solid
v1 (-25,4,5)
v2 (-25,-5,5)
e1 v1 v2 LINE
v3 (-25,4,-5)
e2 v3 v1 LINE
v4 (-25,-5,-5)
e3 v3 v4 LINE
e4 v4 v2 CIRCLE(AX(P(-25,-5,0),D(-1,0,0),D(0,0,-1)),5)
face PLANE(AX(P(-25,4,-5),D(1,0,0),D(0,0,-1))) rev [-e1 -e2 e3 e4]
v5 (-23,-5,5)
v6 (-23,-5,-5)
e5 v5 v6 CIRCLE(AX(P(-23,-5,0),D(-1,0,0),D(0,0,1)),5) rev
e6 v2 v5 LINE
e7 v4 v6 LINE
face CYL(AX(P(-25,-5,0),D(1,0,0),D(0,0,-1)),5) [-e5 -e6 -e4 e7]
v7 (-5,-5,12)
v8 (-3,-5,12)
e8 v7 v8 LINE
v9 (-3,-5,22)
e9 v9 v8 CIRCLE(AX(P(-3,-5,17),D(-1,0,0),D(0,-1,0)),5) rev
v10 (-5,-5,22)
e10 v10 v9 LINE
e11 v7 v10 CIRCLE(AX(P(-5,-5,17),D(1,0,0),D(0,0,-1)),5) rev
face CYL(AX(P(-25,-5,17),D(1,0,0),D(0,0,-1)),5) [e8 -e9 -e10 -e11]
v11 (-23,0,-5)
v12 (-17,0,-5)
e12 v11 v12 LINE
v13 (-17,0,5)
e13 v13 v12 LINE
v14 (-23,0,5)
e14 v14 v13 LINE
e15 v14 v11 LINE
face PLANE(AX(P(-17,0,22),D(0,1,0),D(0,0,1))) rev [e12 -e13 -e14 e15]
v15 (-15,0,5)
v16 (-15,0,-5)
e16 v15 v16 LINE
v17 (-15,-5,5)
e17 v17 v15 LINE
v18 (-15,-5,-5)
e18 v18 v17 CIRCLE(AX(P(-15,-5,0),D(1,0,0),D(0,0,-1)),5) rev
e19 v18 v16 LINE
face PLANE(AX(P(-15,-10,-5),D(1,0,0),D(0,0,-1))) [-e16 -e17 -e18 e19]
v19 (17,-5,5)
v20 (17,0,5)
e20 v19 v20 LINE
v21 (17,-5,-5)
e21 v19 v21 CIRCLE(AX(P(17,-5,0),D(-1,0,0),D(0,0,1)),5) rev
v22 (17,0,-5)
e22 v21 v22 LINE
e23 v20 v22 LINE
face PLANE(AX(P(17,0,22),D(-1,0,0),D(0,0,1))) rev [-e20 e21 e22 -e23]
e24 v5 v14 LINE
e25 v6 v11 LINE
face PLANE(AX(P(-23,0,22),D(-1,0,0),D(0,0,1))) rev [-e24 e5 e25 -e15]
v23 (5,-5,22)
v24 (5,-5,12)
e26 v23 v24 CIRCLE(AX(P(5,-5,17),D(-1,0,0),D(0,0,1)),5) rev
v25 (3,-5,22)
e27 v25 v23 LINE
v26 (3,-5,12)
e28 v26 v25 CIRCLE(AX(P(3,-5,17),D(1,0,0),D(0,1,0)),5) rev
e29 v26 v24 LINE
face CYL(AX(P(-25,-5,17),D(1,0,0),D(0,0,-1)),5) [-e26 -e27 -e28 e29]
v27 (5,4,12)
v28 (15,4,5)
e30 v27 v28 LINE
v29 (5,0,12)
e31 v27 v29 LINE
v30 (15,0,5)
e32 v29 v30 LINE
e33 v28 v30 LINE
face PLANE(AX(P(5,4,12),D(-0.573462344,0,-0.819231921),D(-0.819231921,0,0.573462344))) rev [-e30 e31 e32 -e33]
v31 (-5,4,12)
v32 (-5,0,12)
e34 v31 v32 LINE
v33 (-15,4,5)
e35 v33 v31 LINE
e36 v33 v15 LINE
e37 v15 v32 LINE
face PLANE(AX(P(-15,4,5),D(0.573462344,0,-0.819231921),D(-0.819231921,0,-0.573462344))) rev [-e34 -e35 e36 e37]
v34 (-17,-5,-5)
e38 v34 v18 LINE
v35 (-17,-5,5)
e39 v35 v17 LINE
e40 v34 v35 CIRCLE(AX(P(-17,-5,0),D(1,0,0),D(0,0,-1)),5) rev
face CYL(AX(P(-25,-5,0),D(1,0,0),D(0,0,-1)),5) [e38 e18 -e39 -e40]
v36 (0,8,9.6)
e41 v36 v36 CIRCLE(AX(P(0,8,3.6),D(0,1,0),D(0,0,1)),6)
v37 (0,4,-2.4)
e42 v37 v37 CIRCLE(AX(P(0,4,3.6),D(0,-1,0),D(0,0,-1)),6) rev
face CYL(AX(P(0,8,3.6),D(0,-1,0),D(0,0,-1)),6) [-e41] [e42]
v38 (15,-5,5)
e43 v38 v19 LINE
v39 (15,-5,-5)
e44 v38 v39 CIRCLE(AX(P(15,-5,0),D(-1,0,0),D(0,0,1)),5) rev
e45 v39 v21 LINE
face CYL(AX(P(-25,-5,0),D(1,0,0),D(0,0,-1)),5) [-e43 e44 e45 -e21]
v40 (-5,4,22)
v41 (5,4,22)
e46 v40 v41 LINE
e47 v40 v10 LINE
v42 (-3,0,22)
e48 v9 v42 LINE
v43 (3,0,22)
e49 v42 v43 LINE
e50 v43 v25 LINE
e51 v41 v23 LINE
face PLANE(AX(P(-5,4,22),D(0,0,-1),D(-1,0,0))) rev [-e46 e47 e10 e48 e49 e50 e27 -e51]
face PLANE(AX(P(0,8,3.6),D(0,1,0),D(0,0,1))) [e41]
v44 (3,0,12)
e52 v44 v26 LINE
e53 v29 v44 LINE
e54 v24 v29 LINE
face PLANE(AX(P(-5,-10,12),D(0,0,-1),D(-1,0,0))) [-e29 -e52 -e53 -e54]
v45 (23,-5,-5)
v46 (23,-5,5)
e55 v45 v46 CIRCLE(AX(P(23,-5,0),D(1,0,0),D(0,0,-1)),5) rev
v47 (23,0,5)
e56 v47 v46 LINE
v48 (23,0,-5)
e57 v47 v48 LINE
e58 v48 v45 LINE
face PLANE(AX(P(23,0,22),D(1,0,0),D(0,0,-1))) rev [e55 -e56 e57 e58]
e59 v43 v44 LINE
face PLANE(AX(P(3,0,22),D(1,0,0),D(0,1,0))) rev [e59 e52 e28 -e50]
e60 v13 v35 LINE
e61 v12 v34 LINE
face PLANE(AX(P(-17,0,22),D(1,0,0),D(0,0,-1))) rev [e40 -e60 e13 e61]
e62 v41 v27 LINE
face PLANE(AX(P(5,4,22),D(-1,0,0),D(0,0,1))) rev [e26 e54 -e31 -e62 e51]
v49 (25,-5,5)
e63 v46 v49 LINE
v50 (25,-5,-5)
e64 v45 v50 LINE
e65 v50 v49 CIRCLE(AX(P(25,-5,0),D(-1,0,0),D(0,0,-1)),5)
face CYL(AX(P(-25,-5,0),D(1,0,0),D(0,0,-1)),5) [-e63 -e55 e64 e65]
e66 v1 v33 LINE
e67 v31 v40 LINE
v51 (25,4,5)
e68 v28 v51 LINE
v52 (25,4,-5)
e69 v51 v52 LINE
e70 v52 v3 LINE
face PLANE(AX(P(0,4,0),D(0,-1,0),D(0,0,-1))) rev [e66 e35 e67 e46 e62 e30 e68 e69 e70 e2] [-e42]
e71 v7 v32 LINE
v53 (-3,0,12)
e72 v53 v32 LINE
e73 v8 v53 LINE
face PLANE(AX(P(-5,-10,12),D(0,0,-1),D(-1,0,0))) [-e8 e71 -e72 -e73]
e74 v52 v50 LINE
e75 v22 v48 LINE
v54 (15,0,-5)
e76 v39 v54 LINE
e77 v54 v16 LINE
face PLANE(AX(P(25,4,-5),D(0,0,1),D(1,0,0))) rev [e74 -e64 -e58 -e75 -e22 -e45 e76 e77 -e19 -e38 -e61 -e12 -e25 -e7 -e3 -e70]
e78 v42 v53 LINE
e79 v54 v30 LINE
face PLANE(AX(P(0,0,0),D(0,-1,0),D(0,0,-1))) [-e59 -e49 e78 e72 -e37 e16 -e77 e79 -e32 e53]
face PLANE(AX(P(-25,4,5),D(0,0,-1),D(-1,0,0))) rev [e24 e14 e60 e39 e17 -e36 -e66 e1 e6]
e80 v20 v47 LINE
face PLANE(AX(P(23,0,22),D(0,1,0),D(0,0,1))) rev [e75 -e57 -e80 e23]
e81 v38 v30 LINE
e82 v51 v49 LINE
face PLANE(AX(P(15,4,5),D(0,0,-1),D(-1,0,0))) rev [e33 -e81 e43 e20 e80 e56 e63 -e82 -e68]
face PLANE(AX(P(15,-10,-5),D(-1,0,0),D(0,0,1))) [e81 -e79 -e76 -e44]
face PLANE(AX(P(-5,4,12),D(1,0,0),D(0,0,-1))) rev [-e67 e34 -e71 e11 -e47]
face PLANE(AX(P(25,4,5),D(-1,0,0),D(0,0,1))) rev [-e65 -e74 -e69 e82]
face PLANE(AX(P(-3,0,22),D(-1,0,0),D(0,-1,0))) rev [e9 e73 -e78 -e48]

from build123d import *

# Parameters (mm, degrees)
EXTRUDE_1_DEPTH     = 4
SKETCH_1_W          = 10
SKETCH_1_H          = 10
EXTRUDE_2_DEPTH     = 10
SKETCH_3_W          = 6
SKETCH_3_H          = 12.745836759
SKETCH_3_H_2        = 13.387334875
CUT_EXTRUDE_1_DEPTH = 28
CUT_EXTRUDE_2_DEPTH = 51
SKETCH_5_R          = 6
EXTRUDE_3_DEPTH     = 4


with BuildPart() as part:
    # 草图2 → 凸台-拉伸1 (new body)
    with BuildSketch(Plane(origin=(0, 0, 0), x_dir=(1, 0, 0), z_dir=(0, 1, 0))):
        Polygon((-5, -22), (5, -22), (5, -12), (15, -5), (25, -5), (25, 5), (-25, 5), (-25, -5), (-15, -5), (-5, -12), align=None)
    extrude(amount=EXTRUDE_1_DEPTH)

    # 草图1 → 凸台-拉伸2 (add)
    with BuildSketch(Plane(origin=(0, 0, 0), x_dir=(1, 0, 0), z_dir=(0, 1, 0))):
        with Locations((-20, 0)):
            Rectangle(SKETCH_1_W, SKETCH_1_H)
        with Locations((20, 0)):
            Rectangle(SKETCH_1_W, SKETCH_1_H)
        with Locations((0, -17)):
            Rectangle(SKETCH_1_W, SKETCH_1_H)
    extrude(amount=-EXTRUDE_2_DEPTH)

    # 草图3 → 切除-拉伸1 (cut, through all)
    with BuildSketch(Plane(origin=(0, 0, -5), x_dir=(-1, 0, 0), z_dir=(0, 0, -1))):
        with Locations((-20, -6.37291838)):
            Rectangle(SKETCH_3_W, SKETCH_3_H)
        with Locations((0, -6.37291838)):
            Rectangle(SKETCH_3_W, SKETCH_3_H)
        with Locations((20, -6.693667438)):
            Rectangle(SKETCH_3_W, SKETCH_3_H_2)
    extrude(amount=-CUT_EXTRUDE_1_DEPTH, mode=Mode.SUBTRACT)

    # 草图4 → 切除-拉伸2 (cut, through all)
    with BuildSketch(Plane(origin=(25, 0, 0), x_dir=(0, 0, -1), z_dir=(1, 0, 0))):
        with BuildLine():
            Line((-22, -5), (-22, -12.80603889))
            Line((-22, -12.80603889), (-12, -12.80603889))
            Line((-12, -12.80603889), (-12, -5))
            ThreePointArc((-12, -5), (-17, -10), (-22, -5))
        make_face()
        with BuildLine():
            Line((-5, -5), (-5, -13.738678459))
            Line((-5, -13.738678459), (5, -13.738678459))
            Line((5, -13.738678459), (5, -5))
            ThreePointArc((5, -5), (0, -10), (-5, -5))
        make_face()
    extrude(amount=-CUT_EXTRUDE_2_DEPTH, mode=Mode.SUBTRACT)

    # 草图5 → 凸台-拉伸3 (add)
    with BuildSketch(Plane(origin=(0, 4, 0), x_dir=(1, 0, 0), z_dir=(0, 1, 0))):
        with Locations((0, -3.6)):
            Circle(SKETCH_5_R)
    extrude(amount=EXTRUDE_3_DEPTH)


solid = part.part
